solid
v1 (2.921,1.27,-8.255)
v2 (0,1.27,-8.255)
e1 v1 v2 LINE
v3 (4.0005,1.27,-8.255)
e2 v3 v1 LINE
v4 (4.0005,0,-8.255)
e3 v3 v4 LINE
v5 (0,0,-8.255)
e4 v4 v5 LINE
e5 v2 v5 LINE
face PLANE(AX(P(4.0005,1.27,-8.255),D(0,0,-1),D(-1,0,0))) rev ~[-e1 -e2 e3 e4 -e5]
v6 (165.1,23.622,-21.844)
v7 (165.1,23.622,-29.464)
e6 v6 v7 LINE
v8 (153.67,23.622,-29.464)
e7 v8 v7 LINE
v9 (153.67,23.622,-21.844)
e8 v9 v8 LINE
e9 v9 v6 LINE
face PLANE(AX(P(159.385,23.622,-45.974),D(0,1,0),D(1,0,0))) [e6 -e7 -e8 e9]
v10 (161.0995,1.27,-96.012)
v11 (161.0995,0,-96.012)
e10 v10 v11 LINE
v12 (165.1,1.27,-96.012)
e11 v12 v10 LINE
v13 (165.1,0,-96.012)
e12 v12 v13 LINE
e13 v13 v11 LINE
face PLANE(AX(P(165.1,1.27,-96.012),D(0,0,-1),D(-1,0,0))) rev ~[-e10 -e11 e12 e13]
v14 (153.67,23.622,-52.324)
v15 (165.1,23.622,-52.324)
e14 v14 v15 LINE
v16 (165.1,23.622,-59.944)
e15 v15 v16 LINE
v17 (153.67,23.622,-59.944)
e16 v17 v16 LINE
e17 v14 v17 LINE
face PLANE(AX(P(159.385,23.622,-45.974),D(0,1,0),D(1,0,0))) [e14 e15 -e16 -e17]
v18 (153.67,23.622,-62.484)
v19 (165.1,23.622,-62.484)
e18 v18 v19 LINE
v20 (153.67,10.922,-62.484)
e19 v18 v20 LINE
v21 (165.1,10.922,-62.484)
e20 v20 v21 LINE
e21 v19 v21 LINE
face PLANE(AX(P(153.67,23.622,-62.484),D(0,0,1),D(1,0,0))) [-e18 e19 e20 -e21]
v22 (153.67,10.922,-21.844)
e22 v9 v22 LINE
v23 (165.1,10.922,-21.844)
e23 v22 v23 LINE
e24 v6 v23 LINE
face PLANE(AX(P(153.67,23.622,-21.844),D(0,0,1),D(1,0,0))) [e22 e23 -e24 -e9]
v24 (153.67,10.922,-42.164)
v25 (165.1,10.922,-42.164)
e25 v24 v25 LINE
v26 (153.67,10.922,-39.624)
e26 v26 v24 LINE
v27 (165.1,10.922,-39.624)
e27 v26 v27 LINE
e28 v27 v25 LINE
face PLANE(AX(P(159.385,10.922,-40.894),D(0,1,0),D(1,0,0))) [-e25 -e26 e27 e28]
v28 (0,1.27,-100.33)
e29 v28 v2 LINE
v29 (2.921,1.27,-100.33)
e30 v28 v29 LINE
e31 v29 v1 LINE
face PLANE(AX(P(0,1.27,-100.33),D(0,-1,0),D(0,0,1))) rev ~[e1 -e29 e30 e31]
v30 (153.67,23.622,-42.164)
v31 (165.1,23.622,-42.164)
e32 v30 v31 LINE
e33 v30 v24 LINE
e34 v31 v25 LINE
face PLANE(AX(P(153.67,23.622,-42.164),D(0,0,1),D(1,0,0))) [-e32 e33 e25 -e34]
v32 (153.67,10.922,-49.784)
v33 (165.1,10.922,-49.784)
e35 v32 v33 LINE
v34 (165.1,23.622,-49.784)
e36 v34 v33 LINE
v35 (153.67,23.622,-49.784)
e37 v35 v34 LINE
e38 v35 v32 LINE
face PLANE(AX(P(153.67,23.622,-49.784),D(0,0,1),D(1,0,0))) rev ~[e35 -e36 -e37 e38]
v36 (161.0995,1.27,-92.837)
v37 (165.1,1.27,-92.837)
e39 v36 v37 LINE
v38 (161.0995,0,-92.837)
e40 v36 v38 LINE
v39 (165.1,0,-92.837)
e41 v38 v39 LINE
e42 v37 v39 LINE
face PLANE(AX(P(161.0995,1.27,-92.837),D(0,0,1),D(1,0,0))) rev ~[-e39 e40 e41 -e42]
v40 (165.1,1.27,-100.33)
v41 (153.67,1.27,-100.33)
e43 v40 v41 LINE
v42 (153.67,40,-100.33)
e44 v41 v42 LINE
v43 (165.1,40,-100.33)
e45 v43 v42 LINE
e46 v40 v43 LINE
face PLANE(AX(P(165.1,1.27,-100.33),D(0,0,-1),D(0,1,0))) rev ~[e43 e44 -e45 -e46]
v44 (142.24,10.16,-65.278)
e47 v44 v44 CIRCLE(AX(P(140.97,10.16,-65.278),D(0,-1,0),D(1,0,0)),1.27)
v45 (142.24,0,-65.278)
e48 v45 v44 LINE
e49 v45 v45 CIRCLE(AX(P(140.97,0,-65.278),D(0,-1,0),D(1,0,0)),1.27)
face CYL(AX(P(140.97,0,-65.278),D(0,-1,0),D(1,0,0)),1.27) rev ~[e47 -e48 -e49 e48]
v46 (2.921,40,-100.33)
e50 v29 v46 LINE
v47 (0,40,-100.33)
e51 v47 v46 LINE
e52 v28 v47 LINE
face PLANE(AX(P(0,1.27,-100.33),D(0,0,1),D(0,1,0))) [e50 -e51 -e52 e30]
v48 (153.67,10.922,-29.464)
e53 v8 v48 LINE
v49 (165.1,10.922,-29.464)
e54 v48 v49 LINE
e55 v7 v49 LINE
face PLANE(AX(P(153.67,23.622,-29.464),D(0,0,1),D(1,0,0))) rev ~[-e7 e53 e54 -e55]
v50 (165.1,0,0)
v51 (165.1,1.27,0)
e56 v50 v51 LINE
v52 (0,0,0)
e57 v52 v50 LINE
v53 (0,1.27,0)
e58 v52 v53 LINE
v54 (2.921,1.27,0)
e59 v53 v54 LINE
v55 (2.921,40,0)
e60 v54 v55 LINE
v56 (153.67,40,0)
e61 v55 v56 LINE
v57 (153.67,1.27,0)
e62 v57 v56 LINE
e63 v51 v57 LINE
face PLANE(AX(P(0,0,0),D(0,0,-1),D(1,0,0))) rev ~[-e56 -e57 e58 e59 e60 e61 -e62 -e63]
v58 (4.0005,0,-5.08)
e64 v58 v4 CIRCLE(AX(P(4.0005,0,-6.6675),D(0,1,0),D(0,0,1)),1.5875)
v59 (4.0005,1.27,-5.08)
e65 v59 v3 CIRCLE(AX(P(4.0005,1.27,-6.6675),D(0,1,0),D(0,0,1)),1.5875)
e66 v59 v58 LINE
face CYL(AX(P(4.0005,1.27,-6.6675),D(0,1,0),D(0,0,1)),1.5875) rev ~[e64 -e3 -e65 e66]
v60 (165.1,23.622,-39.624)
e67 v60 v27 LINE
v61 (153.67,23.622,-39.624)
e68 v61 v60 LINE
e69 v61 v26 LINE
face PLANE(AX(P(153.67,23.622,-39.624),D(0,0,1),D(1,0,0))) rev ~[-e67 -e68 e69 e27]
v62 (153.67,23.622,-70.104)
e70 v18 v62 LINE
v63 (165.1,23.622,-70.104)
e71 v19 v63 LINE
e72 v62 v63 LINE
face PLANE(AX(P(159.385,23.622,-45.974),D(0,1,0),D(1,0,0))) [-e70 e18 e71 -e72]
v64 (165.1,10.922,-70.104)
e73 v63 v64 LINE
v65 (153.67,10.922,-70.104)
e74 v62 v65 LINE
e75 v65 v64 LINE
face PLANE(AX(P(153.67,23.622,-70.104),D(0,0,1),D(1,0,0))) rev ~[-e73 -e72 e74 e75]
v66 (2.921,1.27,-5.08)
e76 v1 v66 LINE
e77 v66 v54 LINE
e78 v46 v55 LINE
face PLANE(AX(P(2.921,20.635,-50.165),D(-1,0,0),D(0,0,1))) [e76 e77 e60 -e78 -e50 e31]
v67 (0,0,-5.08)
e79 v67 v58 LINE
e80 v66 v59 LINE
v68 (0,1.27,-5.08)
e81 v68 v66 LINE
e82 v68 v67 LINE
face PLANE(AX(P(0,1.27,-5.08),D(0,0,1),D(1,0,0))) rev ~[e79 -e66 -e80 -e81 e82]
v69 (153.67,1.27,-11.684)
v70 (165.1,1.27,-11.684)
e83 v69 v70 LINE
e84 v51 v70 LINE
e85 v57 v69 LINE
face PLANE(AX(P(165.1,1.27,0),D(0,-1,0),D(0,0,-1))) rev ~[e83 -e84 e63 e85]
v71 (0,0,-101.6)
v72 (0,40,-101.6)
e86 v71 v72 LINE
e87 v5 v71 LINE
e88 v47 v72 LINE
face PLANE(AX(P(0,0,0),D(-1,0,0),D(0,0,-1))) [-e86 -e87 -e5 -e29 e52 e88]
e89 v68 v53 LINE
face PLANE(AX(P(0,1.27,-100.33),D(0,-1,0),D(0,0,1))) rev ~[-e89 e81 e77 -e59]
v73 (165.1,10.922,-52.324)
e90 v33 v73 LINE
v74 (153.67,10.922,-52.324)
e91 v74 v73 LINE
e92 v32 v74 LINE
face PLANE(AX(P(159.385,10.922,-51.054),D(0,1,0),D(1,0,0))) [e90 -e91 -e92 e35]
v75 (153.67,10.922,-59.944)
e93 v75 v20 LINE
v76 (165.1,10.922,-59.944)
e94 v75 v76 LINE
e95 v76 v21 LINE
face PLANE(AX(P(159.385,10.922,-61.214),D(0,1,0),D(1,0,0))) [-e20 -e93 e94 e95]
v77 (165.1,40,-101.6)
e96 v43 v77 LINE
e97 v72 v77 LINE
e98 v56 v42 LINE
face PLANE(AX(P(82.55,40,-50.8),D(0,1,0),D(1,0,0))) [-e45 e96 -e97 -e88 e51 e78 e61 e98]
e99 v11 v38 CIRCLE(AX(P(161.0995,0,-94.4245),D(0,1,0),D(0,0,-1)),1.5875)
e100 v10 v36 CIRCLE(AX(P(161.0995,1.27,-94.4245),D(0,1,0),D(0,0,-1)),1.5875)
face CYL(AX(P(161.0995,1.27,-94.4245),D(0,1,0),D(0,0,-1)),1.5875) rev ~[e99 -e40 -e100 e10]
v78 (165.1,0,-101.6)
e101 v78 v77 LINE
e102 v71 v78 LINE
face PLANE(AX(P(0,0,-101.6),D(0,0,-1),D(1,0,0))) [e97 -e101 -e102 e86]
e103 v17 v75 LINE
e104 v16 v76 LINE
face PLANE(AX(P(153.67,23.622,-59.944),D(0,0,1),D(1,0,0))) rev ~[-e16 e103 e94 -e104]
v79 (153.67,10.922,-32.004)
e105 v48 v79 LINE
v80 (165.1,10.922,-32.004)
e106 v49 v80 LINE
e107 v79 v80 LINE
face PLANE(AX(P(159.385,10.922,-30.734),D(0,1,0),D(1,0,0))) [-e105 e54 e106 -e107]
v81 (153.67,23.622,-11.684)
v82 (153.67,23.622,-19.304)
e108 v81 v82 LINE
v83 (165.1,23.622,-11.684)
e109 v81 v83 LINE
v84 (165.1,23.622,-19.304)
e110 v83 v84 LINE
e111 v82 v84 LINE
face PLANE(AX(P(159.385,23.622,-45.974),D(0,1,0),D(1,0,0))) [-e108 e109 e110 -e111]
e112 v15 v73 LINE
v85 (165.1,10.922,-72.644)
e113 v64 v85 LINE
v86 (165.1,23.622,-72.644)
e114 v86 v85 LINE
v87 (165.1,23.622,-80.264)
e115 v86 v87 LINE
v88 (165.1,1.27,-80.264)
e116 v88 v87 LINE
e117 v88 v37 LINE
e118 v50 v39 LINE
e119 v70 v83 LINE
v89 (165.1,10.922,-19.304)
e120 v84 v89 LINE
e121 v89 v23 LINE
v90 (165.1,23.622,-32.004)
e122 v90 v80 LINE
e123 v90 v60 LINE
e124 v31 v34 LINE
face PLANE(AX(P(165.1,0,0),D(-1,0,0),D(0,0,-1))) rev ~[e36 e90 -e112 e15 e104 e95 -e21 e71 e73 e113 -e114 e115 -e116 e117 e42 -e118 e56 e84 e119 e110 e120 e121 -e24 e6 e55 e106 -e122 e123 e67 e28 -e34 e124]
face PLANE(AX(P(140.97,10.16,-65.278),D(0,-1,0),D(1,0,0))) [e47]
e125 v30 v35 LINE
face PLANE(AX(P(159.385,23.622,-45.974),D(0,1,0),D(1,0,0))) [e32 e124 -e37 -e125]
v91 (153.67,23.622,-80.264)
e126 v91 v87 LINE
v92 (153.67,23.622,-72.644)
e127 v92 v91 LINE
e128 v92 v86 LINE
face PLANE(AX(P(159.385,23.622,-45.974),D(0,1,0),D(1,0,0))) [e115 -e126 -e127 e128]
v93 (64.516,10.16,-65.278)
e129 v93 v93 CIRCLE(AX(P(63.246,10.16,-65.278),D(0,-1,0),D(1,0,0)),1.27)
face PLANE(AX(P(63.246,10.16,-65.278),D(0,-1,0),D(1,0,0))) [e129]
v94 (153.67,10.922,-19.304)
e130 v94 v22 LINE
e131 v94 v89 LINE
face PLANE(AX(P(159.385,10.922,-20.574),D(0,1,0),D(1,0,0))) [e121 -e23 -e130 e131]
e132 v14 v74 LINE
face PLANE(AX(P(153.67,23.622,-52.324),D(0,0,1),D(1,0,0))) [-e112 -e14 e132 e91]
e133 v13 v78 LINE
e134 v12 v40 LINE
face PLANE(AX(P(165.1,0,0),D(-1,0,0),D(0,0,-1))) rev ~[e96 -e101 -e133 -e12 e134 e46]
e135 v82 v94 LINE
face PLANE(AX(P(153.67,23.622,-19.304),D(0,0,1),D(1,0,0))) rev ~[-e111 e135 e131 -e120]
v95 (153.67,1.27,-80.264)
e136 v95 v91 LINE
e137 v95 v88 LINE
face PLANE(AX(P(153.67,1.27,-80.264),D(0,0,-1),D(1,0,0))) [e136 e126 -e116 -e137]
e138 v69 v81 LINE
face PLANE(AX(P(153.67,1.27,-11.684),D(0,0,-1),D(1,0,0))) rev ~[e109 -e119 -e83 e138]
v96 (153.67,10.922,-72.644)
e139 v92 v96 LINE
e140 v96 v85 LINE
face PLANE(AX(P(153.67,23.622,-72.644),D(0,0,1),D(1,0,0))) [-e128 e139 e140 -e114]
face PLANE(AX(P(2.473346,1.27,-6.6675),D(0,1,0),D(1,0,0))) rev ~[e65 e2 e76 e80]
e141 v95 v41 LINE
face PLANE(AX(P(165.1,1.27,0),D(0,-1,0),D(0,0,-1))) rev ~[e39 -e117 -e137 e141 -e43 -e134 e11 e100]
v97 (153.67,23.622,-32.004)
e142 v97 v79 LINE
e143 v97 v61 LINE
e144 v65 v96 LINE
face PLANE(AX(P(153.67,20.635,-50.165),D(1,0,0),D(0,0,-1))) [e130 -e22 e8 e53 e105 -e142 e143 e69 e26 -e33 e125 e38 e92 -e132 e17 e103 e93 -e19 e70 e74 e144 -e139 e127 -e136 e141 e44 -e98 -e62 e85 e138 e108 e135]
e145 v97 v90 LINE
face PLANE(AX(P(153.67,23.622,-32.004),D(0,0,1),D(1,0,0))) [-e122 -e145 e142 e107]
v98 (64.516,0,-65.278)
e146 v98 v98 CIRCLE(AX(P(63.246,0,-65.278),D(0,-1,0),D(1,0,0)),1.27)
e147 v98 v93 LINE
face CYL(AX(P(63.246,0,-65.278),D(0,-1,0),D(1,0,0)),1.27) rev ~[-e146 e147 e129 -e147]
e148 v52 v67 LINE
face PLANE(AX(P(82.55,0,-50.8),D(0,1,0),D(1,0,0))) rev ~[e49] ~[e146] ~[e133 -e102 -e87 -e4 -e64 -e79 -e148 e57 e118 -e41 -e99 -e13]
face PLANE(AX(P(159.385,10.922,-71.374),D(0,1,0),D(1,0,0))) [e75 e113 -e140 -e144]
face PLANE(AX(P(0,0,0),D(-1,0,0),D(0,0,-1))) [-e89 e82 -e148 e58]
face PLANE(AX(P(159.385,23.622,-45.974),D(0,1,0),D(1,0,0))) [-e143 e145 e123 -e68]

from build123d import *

# Parameters (mm, degrees)
SKETCH1_W           = 165.1
SKETCH1_H           = 101.6
BOSS_EXTRUDE1_DEPTH = 40
SKETCH2_W           = 100.33
SKETCH2_H           = 38.73
CUT_EXTRUDE1_DEPTH  = 11.43
SKETCH3_W           = 100.33
SKETCH3_H           = 38.73
CUT_EXTRUDE2_DEPTH  = 2.921
SKETCH4_W           = 11.43
SKETCH4_H           = 68.58
BOSS_EXTRUDE2_DEPTH = 22.352
CUT_EXTRUDE3_DEPTH  = 22.352
SKETCH6_R           = 1.27
CUT_EXTRUDE4_DEPTH  = 10.16
SKETCH7_W           = 11.43
SKETCH7_H           = 2.54
CUT_EXTRUDE5_DEPTH  = 12.7


with BuildPart() as part:
    # Sketch1 → Boss-Extrude1 (new body)
    with BuildSketch(Plane(origin=(0, 0, 0), x_dir=(1, 0, 0), z_dir=(0, 1, 0))):
        with Locations((82.55, 50.8)):
            Rectangle(SKETCH1_W, SKETCH1_H)
    extrude(amount=BOSS_EXTRUDE1_DEPTH)

    # Sketch2 → Cut-Extrude1 (cut)
    with BuildSketch(Plane(origin=(165.1, 0, 0), x_dir=(0, 0, -1), z_dir=(1, 0, 0))):
        with Locations((50.165, 20.635)):
            Rectangle(SKETCH2_W, SKETCH2_H)
    extrude(amount=-CUT_EXTRUDE1_DEPTH, mode=Mode.SUBTRACT)

    # Sketch3 → Cut-Extrude2 (cut)
    with BuildSketch(Plane.ZY):
        with Locations((-50.165, 20.635)):
            Rectangle(SKETCH3_W, SKETCH3_H)
    extrude(amount=-CUT_EXTRUDE2_DEPTH, mode=Mode.SUBTRACT)

    # Sketch4 → Boss-Extrude2 (add)
    with BuildSketch(Plane(origin=(0, 1.27, 0), x_dir=(1, 0, 0), z_dir=(0, 1, 0))):
        with Locations((159.385, 45.974)):
            Rectangle(SKETCH4_W, SKETCH4_H)
    extrude(amount=BOSS_EXTRUDE2_DEPTH)

    # Sketch5 → Cut-Extrude3 (cut)
    with BuildSketch(Plane(origin=(0, 1.27, 0), x_dir=(1, 0, 0), z_dir=(0, 1, 0))):
        with BuildLine():
            Line((0, 8.255), (0, 5.08))
            Line((0, 5.08), (4.0005, 5.08))
            ThreePointArc((4.0005, 5.08), (5.588, 6.6675), (4.0005, 8.255))
            Line((4.0005, 8.255), (0, 8.255))
        make_face()
        with BuildLine():
            Line((165.1, 92.837), (165.1, 96.012))
            Line((165.1, 96.012), (161.0995, 96.012))
            ThreePointArc((161.0995, 96.012), (159.512, 94.4245), (161.0995, 92.837))
            Line((161.0995, 92.837), (165.1, 92.837))
        make_face()
    extrude(amount=-CUT_EXTRUDE3_DEPTH, mode=Mode.SUBTRACT)

    # Sketch6 → Cut-Extrude4 (cut)
    with BuildSketch(Plane.XZ):
        with Locations((63.246, -65.278)):
            Circle(SKETCH6_R)
        with Locations((140.97, -65.278)):
            Circle(SKETCH6_R)
    extrude(amount=-CUT_EXTRUDE4_DEPTH, mode=Mode.SUBTRACT)

    # Sketch7 → Cut-Extrude5 (cut)
    with BuildSketch(Plane(origin=(0, 23.622, 0), x_dir=(1, 0, 0), z_dir=(0, 1, 0))):
        with Locations((159.385, 71.374)):
            Rectangle(SKETCH7_W, SKETCH7_H)
        with Locations((159.385, 61.214)):
            Rectangle(SKETCH7_W, SKETCH7_H)
        with Locations((159.385, 51.054)):
            Rectangle(SKETCH7_W, SKETCH7_H)
        with Locations((159.385, 40.894)):
            Rectangle(SKETCH7_W, SKETCH7_H)
        with Locations((159.385, 30.734)):
            Rectangle(SKETCH7_W, SKETCH7_H)
        with Locations((159.385, 20.574)):
            Rectangle(SKETCH7_W, SKETCH7_H)
    extrude(amount=-CUT_EXTRUDE5_DEPTH, mode=Mode.SUBTRACT)


solid = part.part
